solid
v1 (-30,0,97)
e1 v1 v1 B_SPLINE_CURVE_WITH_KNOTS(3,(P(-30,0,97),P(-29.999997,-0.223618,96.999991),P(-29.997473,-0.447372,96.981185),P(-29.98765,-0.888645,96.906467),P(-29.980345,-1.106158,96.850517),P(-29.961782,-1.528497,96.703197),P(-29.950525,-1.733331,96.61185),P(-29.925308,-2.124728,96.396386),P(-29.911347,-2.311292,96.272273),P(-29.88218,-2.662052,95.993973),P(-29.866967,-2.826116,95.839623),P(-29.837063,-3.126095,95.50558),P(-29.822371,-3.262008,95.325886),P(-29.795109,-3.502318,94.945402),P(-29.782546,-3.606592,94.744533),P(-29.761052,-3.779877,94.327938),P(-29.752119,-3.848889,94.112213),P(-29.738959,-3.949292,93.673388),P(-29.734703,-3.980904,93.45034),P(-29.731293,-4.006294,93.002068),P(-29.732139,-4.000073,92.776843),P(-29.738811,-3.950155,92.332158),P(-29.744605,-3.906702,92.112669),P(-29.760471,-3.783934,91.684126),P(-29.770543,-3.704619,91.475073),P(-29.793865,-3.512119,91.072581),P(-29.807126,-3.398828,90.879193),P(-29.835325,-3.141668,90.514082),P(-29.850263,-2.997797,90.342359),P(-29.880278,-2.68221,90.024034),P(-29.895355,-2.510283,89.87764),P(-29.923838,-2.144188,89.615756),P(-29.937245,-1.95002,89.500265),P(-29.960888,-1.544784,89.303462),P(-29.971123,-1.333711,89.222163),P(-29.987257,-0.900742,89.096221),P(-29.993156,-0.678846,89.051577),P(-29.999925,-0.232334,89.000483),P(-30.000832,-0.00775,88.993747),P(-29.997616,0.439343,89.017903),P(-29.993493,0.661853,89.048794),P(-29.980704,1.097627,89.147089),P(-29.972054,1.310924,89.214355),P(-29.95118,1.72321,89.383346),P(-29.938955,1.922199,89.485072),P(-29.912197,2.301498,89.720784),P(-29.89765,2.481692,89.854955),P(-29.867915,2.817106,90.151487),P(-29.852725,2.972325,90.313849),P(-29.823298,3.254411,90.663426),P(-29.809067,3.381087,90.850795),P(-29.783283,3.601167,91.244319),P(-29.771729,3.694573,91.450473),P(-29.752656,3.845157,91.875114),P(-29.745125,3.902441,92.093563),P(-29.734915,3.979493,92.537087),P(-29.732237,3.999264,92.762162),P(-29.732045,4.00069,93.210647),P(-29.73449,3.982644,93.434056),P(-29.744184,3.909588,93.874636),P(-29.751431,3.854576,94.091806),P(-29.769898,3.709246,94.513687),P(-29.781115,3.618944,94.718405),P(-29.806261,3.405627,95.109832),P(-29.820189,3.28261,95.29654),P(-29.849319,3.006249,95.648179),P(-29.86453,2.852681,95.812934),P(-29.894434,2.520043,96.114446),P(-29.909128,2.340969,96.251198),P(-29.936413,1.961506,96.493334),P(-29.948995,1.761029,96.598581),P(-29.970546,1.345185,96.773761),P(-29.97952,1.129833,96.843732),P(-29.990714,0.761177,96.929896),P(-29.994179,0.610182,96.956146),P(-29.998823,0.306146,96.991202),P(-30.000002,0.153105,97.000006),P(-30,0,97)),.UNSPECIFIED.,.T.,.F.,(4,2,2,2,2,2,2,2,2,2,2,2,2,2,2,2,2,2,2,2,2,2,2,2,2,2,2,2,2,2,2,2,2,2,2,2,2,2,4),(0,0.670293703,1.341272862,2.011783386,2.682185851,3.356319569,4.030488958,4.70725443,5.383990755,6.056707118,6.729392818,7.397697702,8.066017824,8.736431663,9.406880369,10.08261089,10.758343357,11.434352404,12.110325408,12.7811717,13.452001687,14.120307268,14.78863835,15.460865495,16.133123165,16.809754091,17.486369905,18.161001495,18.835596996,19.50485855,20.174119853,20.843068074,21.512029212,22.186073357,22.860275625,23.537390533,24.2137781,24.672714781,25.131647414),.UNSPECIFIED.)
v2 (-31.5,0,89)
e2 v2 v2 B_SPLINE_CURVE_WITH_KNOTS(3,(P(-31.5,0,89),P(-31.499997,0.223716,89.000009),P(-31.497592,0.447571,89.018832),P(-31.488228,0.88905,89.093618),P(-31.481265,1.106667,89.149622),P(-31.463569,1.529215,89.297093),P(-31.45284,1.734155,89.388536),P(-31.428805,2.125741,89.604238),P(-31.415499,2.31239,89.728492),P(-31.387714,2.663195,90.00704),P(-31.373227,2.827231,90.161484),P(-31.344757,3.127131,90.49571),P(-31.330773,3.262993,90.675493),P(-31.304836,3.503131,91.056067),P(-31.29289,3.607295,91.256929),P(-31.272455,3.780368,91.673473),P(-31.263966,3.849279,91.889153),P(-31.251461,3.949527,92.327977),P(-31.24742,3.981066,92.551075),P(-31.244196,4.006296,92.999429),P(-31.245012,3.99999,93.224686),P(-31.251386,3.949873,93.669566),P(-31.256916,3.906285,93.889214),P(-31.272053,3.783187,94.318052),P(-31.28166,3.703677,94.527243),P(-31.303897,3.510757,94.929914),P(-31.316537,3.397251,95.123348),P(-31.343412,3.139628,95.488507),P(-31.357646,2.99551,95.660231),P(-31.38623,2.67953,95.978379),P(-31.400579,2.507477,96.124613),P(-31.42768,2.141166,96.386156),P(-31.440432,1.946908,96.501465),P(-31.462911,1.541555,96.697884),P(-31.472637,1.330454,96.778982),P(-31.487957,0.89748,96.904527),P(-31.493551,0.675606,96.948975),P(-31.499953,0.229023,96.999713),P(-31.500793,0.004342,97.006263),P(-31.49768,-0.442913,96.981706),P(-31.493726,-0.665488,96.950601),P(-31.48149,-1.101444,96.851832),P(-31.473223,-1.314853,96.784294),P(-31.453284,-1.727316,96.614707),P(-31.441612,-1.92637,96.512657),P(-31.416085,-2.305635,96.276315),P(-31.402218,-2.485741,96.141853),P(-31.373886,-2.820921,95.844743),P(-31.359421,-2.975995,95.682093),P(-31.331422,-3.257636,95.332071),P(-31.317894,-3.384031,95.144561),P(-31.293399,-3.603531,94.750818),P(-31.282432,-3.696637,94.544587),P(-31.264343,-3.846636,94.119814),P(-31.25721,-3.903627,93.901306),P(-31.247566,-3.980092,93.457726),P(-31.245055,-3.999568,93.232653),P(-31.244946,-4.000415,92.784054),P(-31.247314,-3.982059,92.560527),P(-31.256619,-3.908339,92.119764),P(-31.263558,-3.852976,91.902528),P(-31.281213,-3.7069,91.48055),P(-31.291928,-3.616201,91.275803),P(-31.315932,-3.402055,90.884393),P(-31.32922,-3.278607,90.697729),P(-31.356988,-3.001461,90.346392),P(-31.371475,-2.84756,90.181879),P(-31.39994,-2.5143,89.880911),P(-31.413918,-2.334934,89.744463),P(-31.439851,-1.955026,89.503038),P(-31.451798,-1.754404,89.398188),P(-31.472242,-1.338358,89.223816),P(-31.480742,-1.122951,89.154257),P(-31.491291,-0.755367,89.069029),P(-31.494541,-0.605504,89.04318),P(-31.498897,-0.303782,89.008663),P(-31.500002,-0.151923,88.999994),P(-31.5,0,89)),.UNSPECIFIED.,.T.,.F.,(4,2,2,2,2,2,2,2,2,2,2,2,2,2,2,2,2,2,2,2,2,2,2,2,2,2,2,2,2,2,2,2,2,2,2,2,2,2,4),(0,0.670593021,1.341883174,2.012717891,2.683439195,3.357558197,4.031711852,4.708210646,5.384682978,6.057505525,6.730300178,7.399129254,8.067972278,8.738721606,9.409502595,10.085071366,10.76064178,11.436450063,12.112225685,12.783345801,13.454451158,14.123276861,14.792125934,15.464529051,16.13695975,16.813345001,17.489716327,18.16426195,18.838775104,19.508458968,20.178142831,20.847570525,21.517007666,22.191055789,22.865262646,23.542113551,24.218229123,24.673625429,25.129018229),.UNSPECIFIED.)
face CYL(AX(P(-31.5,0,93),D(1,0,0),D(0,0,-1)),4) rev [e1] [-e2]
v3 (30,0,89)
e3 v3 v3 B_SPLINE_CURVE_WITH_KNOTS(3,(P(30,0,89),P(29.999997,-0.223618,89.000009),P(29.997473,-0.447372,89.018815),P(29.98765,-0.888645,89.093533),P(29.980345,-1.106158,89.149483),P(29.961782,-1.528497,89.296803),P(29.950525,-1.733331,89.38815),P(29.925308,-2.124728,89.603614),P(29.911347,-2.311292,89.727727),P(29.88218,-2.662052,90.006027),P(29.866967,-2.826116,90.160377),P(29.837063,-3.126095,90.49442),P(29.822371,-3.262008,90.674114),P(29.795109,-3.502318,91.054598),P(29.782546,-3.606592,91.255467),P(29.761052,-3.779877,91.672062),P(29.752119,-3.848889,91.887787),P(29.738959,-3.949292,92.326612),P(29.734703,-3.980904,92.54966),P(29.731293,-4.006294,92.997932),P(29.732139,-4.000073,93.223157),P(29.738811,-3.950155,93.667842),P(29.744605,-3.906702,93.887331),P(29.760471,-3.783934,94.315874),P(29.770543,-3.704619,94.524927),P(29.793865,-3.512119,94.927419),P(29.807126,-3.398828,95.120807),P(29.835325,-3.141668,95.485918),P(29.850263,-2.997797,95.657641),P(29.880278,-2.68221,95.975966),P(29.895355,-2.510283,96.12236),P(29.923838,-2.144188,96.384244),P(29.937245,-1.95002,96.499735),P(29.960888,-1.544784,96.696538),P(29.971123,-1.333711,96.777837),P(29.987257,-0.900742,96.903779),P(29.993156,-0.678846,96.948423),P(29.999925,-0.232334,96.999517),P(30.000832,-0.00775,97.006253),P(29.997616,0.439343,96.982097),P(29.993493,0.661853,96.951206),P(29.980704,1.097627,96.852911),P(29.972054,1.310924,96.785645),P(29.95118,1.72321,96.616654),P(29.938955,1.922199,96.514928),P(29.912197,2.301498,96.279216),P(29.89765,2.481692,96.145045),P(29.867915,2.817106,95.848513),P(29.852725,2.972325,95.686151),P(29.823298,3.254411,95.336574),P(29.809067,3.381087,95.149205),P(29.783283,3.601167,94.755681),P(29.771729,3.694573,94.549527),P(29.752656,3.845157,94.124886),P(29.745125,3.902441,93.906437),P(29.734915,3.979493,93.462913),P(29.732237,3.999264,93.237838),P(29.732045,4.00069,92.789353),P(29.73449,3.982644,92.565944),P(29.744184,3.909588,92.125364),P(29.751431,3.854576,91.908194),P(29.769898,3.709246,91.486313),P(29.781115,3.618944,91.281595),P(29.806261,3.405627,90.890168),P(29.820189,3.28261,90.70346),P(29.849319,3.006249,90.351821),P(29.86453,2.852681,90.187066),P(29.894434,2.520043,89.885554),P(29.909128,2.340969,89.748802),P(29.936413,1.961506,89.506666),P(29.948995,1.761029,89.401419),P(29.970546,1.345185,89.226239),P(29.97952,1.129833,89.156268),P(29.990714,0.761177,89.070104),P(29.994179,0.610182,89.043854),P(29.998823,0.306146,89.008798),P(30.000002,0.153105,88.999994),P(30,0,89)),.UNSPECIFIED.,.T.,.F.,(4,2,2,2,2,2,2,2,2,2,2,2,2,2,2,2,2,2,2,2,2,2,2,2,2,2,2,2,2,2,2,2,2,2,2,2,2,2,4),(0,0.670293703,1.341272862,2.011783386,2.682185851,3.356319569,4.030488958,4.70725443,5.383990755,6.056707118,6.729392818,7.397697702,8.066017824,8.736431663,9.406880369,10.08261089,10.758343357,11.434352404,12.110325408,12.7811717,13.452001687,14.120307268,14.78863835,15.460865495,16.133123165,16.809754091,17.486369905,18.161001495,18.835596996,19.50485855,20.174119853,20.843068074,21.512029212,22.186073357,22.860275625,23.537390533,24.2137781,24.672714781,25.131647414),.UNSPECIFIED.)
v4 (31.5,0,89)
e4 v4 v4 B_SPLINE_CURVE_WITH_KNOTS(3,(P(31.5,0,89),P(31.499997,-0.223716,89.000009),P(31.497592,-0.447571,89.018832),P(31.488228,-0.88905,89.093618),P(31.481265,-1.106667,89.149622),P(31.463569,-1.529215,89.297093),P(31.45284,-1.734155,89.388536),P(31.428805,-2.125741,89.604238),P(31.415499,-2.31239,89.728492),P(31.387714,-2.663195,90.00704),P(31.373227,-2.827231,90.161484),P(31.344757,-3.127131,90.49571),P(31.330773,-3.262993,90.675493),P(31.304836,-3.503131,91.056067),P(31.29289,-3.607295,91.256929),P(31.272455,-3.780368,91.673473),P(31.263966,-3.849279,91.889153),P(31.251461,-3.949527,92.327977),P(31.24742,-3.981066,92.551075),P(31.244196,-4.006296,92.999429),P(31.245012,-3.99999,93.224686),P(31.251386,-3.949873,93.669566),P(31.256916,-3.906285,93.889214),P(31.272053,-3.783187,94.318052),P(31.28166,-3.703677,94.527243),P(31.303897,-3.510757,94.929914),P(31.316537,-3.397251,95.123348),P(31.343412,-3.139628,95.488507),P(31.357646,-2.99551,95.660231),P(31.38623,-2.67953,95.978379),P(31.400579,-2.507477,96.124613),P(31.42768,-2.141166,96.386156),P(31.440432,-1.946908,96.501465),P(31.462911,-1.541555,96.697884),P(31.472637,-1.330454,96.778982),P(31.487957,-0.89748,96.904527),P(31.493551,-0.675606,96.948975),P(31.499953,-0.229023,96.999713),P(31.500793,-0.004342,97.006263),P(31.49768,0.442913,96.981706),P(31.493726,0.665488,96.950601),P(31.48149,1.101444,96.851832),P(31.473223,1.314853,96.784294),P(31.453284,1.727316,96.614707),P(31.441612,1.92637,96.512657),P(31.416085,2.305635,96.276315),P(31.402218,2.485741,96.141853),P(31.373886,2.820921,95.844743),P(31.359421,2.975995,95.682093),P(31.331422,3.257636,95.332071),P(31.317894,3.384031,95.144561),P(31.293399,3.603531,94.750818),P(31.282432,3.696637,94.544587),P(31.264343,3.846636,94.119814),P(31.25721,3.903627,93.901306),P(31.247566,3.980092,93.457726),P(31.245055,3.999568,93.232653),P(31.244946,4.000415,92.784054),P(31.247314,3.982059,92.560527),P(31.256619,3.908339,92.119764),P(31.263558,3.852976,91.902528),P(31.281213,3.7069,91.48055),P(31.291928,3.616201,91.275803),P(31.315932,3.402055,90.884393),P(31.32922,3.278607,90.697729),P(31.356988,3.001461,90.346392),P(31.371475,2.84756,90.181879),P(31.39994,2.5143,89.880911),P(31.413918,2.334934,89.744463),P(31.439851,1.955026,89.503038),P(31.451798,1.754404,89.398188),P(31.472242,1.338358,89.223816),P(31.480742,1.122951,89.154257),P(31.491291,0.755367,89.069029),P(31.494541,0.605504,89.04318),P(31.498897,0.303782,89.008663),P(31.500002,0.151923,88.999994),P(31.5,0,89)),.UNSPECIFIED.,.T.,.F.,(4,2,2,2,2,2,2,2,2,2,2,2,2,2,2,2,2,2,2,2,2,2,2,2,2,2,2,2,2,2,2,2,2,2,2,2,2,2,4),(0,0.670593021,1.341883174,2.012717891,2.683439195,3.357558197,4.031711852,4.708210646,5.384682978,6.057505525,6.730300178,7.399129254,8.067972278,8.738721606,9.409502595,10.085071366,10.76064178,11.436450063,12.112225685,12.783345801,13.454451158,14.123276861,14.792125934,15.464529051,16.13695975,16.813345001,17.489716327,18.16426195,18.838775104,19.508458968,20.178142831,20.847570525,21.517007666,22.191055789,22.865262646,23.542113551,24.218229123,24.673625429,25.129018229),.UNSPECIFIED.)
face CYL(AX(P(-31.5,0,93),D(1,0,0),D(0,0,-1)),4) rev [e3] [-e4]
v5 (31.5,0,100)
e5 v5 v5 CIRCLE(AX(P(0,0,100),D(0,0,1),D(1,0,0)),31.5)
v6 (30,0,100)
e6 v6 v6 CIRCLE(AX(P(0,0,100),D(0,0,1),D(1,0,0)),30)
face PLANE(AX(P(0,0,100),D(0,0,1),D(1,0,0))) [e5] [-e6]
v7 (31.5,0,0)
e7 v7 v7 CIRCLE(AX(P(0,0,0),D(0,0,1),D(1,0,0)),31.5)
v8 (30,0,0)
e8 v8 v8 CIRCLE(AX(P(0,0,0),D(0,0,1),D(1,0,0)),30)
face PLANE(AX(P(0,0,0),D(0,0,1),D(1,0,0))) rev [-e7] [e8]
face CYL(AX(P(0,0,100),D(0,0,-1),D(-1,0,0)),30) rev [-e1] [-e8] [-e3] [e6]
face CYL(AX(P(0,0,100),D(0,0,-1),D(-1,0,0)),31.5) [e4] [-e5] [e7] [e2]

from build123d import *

# Parameters (mm, degrees)
CROQUIS1_R                 = 31.5
CROQUIS1_R_2               = 30
SALIENTE_EXTRUIR1_DEPTH    = 100
CORTAR_EXTRUIR1_DEPTH      = 110.473741144
CORTAR_EXTRUIR1_DEPTH_BACK = 110.473741144
CROQUIS2_R                 = 4


with BuildPart() as part:
    # Croquis1 → Saliente-Extruir1 (new body)
    with BuildSketch(Plane.XY):
        Circle(CROQUIS1_R)
        Circle(CROQUIS1_R_2, mode=Mode.SUBTRACT)
    extrude(amount=SALIENTE_EXTRUIR1_DEPTH)

    # Croquis2 → Cortar-Extruir1 (cut, two sides: drawn at the far end of the back side and taken through both)
    with BuildSketch(Plane(origin=(0, 0, 0), x_dir=(0, 0, -1), z_dir=(1, 0, 0)).offset(-CORTAR_EXTRUIR1_DEPTH_BACK)):
        with Locations((-93, 0)):
            Circle(CROQUIS2_R)
    extrude(amount=CORTAR_EXTRUIR1_DEPTH + CORTAR_EXTRUIR1_DEPTH_BACK, mode=Mode.SUBTRACT)


solid = part.part
